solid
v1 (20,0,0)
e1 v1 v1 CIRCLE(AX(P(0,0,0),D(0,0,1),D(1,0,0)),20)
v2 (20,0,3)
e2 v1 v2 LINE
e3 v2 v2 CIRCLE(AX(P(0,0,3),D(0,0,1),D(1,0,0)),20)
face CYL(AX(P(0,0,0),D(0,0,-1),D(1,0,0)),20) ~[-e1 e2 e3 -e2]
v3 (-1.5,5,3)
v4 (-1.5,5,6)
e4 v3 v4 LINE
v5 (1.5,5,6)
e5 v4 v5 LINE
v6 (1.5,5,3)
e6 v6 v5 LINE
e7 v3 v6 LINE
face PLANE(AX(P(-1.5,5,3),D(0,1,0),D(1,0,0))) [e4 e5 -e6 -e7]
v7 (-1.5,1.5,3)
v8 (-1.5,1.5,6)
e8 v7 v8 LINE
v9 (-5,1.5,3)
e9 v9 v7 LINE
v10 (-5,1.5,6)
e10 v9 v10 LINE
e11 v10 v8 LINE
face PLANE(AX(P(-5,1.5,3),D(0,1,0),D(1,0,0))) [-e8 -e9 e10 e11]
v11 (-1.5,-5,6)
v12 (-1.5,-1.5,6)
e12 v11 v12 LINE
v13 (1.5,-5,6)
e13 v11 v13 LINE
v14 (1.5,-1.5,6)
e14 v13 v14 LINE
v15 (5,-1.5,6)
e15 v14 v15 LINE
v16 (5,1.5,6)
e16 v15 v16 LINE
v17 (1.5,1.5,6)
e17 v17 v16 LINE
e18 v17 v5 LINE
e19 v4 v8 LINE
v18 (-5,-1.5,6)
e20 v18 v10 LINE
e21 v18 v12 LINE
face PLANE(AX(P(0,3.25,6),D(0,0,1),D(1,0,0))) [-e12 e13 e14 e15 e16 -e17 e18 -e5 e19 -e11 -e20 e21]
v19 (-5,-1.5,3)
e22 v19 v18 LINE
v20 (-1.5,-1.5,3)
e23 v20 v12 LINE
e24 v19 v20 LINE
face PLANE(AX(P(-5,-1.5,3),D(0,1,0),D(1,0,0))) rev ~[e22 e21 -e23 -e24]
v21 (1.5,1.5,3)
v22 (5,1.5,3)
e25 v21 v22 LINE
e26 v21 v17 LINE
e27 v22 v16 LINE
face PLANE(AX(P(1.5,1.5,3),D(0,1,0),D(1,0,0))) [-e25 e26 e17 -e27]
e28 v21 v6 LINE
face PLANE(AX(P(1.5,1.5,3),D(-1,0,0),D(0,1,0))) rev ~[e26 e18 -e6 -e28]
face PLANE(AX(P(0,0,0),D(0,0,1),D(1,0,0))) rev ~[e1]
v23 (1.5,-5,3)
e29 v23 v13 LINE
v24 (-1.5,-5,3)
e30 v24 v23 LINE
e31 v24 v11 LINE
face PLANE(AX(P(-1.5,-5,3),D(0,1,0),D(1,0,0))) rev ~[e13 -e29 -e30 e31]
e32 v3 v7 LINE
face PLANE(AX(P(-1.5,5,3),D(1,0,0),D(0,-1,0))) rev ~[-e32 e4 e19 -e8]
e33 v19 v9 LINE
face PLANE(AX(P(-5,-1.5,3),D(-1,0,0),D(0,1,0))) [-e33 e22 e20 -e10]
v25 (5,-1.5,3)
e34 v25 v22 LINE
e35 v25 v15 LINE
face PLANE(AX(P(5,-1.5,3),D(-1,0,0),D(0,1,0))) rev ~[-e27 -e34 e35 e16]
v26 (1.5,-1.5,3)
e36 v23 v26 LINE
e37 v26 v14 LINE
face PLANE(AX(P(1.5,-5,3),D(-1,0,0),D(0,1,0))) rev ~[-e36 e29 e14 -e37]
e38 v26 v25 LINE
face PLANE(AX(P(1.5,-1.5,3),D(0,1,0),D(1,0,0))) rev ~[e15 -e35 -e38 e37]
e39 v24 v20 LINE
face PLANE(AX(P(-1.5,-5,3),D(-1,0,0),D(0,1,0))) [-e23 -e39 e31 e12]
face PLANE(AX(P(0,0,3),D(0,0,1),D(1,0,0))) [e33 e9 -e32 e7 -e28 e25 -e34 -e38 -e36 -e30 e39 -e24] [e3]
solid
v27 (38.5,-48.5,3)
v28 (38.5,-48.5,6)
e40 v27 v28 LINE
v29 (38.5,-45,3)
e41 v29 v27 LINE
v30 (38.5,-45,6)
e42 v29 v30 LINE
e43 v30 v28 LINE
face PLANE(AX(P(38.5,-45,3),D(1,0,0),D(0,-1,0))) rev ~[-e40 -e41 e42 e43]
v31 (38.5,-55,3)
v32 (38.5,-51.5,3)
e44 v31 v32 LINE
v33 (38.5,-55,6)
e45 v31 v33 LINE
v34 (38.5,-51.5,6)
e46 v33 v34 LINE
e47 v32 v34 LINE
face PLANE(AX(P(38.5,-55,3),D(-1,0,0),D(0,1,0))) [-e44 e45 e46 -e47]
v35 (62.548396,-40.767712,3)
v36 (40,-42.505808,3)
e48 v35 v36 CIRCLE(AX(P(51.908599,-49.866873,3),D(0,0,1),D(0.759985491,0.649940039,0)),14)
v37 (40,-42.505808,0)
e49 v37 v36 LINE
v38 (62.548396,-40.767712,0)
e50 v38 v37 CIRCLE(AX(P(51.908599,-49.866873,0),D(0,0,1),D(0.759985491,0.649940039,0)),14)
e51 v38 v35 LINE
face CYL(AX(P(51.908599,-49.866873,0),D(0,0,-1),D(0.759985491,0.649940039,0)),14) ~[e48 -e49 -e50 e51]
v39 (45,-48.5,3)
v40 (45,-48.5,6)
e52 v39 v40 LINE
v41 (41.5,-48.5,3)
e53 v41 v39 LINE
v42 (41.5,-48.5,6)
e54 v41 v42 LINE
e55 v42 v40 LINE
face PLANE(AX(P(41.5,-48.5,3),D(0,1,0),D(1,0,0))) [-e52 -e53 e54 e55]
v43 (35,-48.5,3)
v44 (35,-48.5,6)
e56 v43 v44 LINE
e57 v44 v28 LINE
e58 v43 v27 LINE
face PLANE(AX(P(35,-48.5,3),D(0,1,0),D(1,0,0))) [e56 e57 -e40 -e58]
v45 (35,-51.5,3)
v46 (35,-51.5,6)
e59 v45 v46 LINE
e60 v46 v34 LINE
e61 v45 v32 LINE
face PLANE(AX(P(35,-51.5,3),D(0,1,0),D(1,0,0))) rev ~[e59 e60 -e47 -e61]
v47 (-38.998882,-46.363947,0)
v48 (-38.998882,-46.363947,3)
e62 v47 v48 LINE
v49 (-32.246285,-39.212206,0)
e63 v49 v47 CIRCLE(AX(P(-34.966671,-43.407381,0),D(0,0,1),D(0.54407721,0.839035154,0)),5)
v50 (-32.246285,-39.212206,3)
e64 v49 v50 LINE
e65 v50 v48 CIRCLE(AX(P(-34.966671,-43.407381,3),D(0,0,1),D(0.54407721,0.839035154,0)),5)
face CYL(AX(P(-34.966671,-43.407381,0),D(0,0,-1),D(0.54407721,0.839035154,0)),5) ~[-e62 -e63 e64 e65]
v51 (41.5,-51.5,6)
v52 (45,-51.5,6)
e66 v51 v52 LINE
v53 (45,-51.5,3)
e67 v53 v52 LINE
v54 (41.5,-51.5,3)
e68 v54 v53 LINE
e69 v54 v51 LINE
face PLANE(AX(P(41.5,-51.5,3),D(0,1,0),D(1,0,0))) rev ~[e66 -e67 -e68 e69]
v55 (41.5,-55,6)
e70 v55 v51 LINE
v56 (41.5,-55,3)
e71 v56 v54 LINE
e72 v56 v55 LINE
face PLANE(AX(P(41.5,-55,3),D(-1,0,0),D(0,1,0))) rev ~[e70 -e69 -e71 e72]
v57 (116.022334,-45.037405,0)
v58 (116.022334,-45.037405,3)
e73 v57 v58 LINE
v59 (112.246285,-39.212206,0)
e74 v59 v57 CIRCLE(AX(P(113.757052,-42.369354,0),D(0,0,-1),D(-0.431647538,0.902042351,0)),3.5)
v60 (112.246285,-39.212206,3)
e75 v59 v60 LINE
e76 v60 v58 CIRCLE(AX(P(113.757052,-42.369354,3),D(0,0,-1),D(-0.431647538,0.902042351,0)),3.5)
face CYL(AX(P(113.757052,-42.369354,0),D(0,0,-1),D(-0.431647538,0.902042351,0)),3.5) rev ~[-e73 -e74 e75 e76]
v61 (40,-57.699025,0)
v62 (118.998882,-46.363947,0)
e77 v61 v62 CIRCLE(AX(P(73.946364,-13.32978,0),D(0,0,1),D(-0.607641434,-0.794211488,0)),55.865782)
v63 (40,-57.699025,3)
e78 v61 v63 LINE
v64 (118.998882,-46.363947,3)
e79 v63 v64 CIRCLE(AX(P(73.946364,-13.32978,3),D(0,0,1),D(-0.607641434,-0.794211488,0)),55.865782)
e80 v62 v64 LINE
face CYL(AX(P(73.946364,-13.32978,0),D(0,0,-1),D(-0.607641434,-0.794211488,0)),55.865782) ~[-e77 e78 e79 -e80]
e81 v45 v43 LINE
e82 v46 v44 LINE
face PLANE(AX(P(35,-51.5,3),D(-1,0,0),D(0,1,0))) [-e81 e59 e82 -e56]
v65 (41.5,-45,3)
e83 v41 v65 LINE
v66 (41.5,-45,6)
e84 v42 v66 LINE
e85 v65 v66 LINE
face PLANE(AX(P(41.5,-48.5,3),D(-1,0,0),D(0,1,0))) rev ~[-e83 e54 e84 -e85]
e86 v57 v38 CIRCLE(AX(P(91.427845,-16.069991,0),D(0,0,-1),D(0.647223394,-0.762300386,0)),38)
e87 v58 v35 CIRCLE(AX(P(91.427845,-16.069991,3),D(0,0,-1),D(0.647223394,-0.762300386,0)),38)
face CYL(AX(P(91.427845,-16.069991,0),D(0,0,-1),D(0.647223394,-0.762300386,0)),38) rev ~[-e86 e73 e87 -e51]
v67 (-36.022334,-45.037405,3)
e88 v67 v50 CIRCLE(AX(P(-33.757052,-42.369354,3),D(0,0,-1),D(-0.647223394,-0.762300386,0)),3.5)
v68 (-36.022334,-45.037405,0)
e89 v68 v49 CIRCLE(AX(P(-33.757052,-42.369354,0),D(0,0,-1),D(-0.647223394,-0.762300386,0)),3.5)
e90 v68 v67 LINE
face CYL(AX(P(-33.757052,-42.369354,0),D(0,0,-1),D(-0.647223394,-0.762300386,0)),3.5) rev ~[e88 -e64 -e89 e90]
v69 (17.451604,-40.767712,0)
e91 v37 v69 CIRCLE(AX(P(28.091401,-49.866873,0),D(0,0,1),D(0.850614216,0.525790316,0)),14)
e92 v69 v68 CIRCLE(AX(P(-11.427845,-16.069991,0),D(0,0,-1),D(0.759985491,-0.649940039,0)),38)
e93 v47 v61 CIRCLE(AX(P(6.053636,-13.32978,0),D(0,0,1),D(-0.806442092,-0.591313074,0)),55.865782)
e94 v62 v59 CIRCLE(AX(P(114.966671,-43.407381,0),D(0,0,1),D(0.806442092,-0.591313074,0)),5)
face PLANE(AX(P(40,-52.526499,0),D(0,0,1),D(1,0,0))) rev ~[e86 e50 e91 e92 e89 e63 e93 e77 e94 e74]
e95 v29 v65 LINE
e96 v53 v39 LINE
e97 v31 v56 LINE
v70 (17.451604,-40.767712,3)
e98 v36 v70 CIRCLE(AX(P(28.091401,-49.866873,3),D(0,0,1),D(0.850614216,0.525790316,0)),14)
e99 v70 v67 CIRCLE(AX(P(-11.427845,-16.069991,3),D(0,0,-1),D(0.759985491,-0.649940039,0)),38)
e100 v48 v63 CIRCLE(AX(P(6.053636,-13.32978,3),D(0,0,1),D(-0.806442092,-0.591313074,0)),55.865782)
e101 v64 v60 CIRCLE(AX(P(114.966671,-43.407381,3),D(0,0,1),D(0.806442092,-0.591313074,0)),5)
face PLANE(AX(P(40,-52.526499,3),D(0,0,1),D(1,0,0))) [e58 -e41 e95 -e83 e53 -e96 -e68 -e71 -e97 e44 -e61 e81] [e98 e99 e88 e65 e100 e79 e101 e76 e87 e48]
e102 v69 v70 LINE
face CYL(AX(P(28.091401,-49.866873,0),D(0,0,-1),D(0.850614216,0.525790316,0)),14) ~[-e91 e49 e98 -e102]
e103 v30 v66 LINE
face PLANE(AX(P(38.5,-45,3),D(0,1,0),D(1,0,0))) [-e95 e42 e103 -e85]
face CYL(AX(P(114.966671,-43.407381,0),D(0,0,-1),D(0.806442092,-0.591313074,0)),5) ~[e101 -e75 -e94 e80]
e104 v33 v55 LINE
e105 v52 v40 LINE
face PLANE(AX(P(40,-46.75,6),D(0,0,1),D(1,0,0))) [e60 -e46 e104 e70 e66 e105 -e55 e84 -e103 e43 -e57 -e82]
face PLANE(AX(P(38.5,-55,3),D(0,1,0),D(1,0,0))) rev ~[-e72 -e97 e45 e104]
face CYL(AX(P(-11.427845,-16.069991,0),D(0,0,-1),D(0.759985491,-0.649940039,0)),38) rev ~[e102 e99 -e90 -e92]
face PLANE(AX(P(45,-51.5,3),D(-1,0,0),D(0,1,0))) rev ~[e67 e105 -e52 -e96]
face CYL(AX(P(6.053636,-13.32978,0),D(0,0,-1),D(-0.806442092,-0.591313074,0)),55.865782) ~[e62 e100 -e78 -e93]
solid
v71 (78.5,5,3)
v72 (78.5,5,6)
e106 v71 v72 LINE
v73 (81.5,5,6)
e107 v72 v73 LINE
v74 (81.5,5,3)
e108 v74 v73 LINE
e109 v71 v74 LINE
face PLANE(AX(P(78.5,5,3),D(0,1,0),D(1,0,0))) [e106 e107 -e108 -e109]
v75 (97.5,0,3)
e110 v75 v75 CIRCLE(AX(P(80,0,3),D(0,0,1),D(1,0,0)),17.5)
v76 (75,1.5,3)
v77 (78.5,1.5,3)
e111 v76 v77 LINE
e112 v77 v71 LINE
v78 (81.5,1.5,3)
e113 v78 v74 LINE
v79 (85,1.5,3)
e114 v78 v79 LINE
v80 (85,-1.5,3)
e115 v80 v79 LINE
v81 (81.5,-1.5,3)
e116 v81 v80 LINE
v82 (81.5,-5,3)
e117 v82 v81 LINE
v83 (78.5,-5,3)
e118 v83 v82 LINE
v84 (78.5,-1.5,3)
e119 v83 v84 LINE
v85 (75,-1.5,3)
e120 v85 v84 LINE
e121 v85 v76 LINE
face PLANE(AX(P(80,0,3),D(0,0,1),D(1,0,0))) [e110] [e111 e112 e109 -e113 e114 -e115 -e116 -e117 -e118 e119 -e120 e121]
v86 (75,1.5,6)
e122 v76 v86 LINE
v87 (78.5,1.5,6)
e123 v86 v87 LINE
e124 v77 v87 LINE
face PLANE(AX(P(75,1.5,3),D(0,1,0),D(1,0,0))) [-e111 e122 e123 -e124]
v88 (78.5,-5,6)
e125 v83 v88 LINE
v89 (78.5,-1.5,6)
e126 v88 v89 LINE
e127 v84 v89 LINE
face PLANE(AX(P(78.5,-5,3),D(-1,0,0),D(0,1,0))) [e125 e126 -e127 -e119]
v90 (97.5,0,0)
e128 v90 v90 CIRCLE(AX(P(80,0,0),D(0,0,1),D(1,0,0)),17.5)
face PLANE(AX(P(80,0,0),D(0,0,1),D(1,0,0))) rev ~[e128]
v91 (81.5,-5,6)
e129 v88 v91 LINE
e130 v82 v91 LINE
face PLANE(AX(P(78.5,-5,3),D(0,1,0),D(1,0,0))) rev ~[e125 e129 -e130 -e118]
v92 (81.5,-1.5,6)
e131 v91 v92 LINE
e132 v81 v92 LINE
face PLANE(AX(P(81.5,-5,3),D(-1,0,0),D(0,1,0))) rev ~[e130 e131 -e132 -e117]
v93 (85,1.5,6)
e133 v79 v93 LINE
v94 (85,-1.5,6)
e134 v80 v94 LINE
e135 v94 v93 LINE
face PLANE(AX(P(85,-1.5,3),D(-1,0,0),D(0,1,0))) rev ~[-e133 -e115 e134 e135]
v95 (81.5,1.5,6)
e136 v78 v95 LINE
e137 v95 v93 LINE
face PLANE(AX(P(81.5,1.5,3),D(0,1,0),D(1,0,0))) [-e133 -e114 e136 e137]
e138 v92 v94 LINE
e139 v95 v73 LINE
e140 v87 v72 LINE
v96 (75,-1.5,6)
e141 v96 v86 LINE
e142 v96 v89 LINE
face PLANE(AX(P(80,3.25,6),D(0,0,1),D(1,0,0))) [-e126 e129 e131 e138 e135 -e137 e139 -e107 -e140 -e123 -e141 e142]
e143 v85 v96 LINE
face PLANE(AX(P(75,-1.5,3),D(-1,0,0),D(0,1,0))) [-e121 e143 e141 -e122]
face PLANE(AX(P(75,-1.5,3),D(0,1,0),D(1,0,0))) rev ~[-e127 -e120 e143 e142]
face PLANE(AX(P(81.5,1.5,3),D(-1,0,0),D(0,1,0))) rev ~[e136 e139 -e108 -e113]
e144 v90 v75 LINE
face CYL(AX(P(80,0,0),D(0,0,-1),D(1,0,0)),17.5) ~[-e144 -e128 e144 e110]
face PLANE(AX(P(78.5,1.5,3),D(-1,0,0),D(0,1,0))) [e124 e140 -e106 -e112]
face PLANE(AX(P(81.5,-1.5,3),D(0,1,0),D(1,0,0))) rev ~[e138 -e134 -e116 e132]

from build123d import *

# Parameters (mm, degrees)
F0_R     = 20
F1_DEPTH = 3
F0_R_2   = 17.5
F2_W     = 3
F2_H     = 3.5
F2_H_2   = 3
F2_W_2   = 3.5
F3_DEPTH = 3


with BuildPart() as f1:
    # F0 (on Top) → F1 (new body)
    with BuildSketch(Plane.XY):
        Circle(F0_R)
    extrude(amount=F1_DEPTH)

    # F2 (on face) → F3 (join)
    with BuildSketch(Plane.XY.offset(3)):
        with Locations((0, 3.25)):
            Rectangle(F2_W, F2_H)
        Rectangle(F2_W, F2_H_2)
        with Locations((-3.25, 0)):
            Rectangle(F2_W_2, F2_H_2)
        with Locations((3.25, 0)):
            Rectangle(F2_W_2, F2_H_2)
        with Locations((0, -3.25)):
            Rectangle(F2_W, F2_H)
    extrude(amount=F3_DEPTH)


with BuildPart() as f1b:
    # F0 (on Top) → F1, piece 2 (new body)
    with BuildSketch(Plane.XY):
        with Locations((80, 0)):
            Circle(F0_R_2)
    extrude(amount=F1_DEPTH)

    # F2 (on face) → F3, piece 2 (join)
    with BuildSketch(Plane.XY.offset(3)):
        with Locations((80, 3.25)):
            Rectangle(F2_W, F2_H)
        with Locations((76.75, 0)):
            Rectangle(F2_W_2, F2_H_2)
        with Locations((80, 0)):
            Rectangle(F2_W, F2_H_2)
        with Locations((83.25, 0)):
            Rectangle(F2_W_2, F2_H_2)
        with Locations((80, -3.25)):
            Rectangle(F2_W, F2_H)
    extrude(amount=F3_DEPTH)


with BuildPart() as f1c:
    # F0 (on Top) → F1, piece 3 (new body)
    with BuildSketch(Plane.XY):
        with BuildLine():
            ThreePointArc((62.5483958907, -40.7677120506), (50.8326300349, -35.9082805882), (40, -42.5058081746))
            ThreePointArc((40, -42.5058081746), (29.1673699651, -35.9082805882), (17.4516041093, -40.7677120506))
            ThreePointArc((17.4516041093, -40.7677120506), (-8.4033131949, -53.9494336876), (-36.022333509, -45.0374052423))
            ThreePointArc((-36.022333509, -45.0374052423), (-36.6939821603, -40.465557931), (-32.2462852457, -39.2122056641))
            ThreePointArc((-32.2462852457, -39.2122056641), (-38.6022003017, -39.9747543309), (-38.9988817551, -46.3639468067))
            ThreePointArc((-38.9988817551, -46.3639468067), (-1.8809505058, -68.6292182352), (40, -57.6990253387))
            ThreePointArc((40, -57.6990253387), (81.8809505058, -68.6292182352), (118.9988817551, -46.3639468067))
            ThreePointArc((118.9988817551, -46.3639468067), (118.6022003017, -39.9747543309), (112.2462852457, -39.2122056641))
            ThreePointArc((112.2462852457, -39.2122056641), (116.6939821603, -40.465557931), (116.022333509, -45.0374052423))
            ThreePointArc((116.022333509, -45.0374052423), (88.4033131949, -53.9494336876), (62.5483958907, -40.7677120506))
        make_face()
    extrude(amount=F1_DEPTH)

    # F2 (on face) → F3, piece 3 (join)
    with BuildSketch(Plane.XY.offset(3)):
        with Locations((40, -46.75)):
            Rectangle(F2_W, F2_H)
        with Locations((40, -50)):
            Rectangle(F2_W, F2_H_2)
        with Locations((36.75, -50)):
            Rectangle(F2_W_2, F2_H_2)
        with Locations((43.25, -50)):
            Rectangle(F2_W_2, F2_H_2)
        with Locations((40, -53.25)):
            Rectangle(F2_W, F2_H)
    extrude(amount=F3_DEPTH)


solid = Compound([f1.part, f1b.part, f1c.part])
